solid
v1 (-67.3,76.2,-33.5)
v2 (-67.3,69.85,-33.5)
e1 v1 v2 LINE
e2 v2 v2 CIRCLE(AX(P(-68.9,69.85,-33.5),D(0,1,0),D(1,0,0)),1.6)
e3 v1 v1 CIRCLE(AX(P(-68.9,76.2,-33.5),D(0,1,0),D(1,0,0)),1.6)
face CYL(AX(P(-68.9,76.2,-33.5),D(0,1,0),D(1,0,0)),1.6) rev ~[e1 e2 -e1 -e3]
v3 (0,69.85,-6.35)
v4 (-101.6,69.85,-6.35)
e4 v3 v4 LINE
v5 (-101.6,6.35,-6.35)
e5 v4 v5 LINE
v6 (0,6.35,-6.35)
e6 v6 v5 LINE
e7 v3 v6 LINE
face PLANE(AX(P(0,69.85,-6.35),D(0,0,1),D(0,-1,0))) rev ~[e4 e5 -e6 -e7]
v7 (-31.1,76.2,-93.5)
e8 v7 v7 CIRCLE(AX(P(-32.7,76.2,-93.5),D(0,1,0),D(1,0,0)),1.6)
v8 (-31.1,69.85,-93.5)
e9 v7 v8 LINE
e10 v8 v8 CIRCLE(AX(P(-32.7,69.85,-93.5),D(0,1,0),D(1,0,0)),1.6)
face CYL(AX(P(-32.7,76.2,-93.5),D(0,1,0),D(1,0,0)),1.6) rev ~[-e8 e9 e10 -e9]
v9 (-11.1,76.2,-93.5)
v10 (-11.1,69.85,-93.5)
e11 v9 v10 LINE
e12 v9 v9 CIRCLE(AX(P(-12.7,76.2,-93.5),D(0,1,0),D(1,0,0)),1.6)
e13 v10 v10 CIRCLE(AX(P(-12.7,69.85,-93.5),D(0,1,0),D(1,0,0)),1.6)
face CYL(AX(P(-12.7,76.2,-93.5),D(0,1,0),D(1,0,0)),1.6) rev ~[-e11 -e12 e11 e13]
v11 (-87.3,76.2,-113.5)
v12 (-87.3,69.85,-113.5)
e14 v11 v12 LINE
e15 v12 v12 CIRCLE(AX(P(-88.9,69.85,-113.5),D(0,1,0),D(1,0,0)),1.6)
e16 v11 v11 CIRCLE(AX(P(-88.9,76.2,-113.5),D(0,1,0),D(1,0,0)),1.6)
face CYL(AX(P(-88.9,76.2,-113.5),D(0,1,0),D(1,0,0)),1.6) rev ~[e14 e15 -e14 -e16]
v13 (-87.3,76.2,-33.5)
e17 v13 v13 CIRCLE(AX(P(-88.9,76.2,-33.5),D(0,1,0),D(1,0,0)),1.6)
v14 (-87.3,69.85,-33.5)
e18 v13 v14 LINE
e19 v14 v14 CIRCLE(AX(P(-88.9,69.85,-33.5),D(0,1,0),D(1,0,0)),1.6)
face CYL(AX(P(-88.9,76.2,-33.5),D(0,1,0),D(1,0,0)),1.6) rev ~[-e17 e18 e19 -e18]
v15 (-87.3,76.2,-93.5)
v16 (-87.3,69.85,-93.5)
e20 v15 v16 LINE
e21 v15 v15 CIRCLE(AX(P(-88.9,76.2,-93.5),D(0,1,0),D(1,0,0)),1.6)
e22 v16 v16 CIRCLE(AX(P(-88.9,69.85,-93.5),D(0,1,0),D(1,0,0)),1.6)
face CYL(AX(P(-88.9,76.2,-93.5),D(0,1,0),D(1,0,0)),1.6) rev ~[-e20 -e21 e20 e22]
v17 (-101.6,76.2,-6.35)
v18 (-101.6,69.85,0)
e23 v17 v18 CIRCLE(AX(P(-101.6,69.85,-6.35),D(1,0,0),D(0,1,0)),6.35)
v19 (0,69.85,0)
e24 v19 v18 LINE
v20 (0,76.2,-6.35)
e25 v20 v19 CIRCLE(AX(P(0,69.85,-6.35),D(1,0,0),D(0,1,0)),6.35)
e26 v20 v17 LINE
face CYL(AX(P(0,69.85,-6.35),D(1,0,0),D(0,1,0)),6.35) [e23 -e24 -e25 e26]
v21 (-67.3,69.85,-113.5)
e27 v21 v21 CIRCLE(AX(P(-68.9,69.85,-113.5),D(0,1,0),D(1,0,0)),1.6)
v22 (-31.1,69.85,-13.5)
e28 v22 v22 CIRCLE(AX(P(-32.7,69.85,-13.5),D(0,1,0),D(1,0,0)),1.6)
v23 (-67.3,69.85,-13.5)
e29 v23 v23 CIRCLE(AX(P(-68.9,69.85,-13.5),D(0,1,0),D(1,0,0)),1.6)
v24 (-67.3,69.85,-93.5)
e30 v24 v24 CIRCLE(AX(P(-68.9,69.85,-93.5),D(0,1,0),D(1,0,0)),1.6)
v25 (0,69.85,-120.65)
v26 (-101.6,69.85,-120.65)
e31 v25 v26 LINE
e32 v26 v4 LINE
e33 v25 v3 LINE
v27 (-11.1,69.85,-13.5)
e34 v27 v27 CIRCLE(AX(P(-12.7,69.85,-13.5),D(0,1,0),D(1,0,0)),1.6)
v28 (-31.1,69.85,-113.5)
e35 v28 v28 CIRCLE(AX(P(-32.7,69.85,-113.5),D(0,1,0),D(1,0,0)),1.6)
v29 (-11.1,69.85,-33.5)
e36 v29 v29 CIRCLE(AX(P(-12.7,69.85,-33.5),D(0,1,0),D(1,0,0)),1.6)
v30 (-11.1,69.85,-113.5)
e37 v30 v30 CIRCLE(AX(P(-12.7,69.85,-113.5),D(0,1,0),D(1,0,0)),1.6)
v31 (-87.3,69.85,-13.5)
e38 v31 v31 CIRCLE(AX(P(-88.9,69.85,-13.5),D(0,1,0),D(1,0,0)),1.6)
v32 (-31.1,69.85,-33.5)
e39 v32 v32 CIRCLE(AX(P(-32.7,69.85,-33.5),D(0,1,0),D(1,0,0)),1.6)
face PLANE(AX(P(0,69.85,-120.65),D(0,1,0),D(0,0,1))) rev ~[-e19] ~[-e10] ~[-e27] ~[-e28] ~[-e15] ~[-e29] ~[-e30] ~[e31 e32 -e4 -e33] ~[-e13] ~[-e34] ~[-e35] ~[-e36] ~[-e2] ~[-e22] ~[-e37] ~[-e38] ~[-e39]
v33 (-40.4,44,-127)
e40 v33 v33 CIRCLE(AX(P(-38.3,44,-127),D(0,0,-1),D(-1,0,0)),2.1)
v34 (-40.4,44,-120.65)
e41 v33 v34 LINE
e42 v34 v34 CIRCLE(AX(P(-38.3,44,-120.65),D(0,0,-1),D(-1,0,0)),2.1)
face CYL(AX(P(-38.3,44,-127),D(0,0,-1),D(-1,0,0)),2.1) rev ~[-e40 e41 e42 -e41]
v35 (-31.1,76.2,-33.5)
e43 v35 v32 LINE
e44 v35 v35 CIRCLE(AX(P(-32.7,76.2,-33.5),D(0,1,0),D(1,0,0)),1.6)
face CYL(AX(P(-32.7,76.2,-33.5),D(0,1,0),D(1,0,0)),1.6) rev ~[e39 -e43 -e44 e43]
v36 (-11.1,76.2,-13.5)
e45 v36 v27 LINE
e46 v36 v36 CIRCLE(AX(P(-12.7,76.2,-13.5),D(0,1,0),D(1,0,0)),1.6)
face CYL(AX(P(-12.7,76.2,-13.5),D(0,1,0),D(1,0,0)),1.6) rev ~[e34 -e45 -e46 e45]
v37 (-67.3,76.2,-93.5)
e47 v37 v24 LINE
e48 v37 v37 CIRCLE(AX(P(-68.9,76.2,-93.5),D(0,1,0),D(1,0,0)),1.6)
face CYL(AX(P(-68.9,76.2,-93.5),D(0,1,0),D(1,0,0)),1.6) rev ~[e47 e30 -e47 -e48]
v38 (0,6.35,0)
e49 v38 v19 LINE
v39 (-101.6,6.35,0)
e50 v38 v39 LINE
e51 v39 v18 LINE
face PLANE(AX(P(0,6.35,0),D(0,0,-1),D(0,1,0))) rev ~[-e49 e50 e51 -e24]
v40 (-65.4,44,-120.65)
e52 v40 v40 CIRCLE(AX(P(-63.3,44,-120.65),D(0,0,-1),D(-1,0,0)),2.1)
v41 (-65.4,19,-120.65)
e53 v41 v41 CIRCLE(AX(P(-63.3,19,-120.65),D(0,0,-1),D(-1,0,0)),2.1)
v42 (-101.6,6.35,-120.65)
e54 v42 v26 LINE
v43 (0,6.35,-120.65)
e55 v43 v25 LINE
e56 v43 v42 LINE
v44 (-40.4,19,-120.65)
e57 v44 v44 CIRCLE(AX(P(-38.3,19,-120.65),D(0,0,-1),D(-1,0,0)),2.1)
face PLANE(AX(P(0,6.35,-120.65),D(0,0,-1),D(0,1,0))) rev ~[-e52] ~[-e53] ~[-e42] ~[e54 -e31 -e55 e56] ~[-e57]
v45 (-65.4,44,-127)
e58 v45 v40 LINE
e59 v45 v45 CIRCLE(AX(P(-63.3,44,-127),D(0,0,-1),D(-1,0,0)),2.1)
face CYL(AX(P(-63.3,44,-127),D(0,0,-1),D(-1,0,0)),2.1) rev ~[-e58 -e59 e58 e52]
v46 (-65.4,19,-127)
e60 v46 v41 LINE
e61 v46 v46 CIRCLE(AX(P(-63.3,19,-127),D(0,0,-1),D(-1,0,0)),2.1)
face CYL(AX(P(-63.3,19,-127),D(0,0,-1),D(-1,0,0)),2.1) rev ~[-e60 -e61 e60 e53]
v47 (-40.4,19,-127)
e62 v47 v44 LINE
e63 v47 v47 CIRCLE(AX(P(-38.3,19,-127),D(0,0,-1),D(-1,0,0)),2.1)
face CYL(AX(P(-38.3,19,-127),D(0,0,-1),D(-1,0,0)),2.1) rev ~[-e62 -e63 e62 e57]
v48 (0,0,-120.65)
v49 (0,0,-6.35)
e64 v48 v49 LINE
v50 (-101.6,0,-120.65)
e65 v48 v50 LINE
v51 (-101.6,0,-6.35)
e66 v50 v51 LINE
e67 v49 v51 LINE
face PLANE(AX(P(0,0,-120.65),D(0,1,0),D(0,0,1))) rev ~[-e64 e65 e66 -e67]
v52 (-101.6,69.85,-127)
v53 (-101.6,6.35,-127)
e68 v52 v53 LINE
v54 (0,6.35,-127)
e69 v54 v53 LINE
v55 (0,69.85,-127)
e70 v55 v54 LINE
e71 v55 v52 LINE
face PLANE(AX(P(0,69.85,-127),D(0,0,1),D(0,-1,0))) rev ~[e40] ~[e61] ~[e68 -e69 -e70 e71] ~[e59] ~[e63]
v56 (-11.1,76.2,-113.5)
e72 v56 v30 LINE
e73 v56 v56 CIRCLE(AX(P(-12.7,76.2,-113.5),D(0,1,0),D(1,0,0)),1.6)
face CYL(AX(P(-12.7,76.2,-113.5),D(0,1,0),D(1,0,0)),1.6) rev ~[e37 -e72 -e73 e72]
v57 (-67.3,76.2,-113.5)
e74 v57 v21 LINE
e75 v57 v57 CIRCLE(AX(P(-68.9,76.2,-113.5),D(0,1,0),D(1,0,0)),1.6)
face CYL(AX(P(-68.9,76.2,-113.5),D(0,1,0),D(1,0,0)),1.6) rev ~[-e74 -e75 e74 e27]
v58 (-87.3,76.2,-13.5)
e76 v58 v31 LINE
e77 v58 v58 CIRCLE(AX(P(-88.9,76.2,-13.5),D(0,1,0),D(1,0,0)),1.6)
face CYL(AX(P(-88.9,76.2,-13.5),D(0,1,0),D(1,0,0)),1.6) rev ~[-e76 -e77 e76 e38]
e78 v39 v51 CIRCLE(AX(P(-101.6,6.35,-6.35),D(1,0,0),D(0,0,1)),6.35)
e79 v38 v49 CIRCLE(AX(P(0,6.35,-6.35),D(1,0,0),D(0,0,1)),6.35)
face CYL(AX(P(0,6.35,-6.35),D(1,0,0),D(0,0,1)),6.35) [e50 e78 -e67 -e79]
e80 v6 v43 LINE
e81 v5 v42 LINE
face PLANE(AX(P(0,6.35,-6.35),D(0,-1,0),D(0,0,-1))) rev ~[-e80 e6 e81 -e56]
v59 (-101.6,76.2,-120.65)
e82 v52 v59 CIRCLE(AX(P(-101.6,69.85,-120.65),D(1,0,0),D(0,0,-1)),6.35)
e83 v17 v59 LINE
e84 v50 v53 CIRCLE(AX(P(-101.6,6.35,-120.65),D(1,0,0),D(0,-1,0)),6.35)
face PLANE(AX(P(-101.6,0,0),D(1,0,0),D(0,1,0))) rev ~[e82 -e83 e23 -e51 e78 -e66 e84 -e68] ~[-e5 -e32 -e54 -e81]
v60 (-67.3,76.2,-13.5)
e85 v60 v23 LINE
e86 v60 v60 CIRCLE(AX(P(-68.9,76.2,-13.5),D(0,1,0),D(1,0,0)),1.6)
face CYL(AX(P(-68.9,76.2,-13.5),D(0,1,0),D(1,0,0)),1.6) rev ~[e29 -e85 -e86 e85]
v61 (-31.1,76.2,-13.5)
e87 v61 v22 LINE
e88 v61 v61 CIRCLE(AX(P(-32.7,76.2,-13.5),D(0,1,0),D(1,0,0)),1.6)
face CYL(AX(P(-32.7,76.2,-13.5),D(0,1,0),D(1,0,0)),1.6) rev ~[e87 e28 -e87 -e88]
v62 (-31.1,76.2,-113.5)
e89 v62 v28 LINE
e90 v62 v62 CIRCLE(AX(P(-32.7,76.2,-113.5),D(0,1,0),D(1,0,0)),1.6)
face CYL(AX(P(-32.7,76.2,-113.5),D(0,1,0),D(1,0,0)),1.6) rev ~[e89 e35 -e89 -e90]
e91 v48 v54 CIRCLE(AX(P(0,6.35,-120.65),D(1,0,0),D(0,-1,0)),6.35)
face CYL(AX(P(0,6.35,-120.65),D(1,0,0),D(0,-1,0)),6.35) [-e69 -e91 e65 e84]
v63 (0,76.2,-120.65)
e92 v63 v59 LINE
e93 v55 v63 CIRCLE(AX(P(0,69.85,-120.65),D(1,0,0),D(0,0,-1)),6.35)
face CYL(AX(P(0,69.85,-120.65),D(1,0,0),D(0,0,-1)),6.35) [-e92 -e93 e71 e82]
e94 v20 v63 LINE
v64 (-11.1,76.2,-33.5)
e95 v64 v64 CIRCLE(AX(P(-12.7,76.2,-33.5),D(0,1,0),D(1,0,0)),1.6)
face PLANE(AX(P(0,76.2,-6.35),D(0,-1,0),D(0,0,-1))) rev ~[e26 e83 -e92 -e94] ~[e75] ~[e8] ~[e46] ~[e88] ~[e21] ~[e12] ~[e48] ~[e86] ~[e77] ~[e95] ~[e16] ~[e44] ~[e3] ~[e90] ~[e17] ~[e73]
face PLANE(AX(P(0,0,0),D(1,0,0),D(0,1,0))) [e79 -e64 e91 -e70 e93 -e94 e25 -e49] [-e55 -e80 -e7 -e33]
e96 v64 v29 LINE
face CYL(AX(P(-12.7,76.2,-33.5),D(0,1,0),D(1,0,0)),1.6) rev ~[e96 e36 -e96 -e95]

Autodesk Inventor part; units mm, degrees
ref_plane "YZ Plane" through (0, 0, 0) normal (1, 0, 0) x (0, 1, 0)
ref_plane "XZ Plane" through (0, 0, 0) normal (0, 1, 0) x (-1, 0, 0)
ref_plane "XY Plane" through (0, 0, 0) normal (0, 0, 1) x (1, 0, 0)
sketch "Sketch1" plane through (0, 0, 0) normal (1, 0, 0) x (0, 1, 0)
  line L0 (6.35, 0) -> (69.85, 0)
  line L1 (76.2, -6.35) -> (76.2, -120.65)
  line L2 (69.85, -127) -> (6.35, -127)
  line L3 (0, -120.65) -> (0, -6.35)
  arc A0 (76.2, -6.35) -> (69.85, 0) centre (69.85, -6.35) ccw
  arc A1 (69.85, -127) -> (76.2, -120.65) centre (69.85, -120.65) ccw
  arc A2 (0, -120.65) -> (6.35, -127) centre (6.35, -120.65) ccw
  arc A3 (6.35, 0) -> (0, -6.35) centre (6.35, -6.35) ccw
  line L4 (69.85, -120.65) -> (69.85, -6.35)
  line L5 (69.85, -6.35) -> (6.35, -6.35)
  line L6 (6.35, -6.35) -> (6.35, -120.65)
  line L7 (6.35, -120.65) -> (69.85, -120.65)
  point P0 (0, 0)
  point P1 (76.2, -127)
  point P2 (76.2, 0)
  point P3 (0, -127)
  dimension "d0" = 76.2
  dimension "d1" = 127
  dimension "d2" = 6.35
  dimension "d3" = 6.35
  dimension "d4" = 6.35
extrude "Extrusion1" add sketch "Sketch1" against normal blind 101.6
sketch "Sketch2" plane through (0, 76.2, -6.35) normal (0, 1, 0) x (1, 0, 0)
  line L0 (0, 0) -> (0, 114.3) construction
  line L1 (0, 57.15) -> (-101.6, 57.15) construction
  line L2 (-101.6, 114.3) -> (-101.6, 0) construction
  line L3 (0, 83.65) -> (-45.4, 83.65) construction
  line L4 (-45.4, 83.65) -> (-45.4, 110.65) construction
  line L5 (-45.4, 110.65) -> (0, 110.65) construction
  line L6 (0, 110.65) -> (0, 83.65) construction
  line L7 (-32.7, 107.15) -> (-12.7, 107.15) construction
  line L8 (-12.7, 107.15) -> (-12.7, 87.15) construction
  line L9 (-12.7, 87.15) -> (-32.7, 87.15) construction
  line L10 (-32.7, 87.15) -> (-32.7, 107.15) construction
  line L11 (-32.7, 107.15) -> (-32.7, 110.65) construction
  line L12 (-32.7, 107.15) -> (-45.4, 107.15) construction
  line L13 (-12.7, 87.15) -> (-12.7, 83.65) construction
  line L14 (-12.7, 87.15) -> (0, 87.15) construction
  circle A0 centre (-32.7, 107.15) radius 1.6
  circle A1 centre (-12.7, 107.15) radius 1.6
  circle A2 centre (-12.7, 87.15) radius 1.6
  circle A3 centre (-32.7, 87.15) radius 1.6
  line L15 (0, 114.3) -> (0, 0) construction
  line L16 (-50.8, 57.15) -> (-50.8, 128.3257) construction
  line L17 (-101.6, 83.65) -> (-56.2, 83.65) construction
  line L18 (-56.2, 83.65) -> (-56.2, 110.65) construction
  line L19 (-56.2, 110.65) -> (-101.6, 110.65) construction
  line L20 (-101.6, 110.65) -> (-101.6, 83.65) construction
  line L21 (-68.9, 107.15) -> (-88.9, 107.15) construction
  line L22 (-88.9, 107.15) -> (-88.9, 87.15) construction
  line L23 (-88.9, 87.15) -> (-68.9, 87.15) construction
  line L24 (-68.9, 87.15) -> (-68.9, 107.15) construction
  line L25 (-68.9, 107.15) -> (-68.9, 110.65) construction
  line L26 (-68.9, 107.15) -> (-56.2, 107.15) construction
  line L27 (-88.9, 87.15) -> (-88.9, 83.65) construction
  line L28 (-88.9, 87.15) -> (-101.6, 87.15) construction
  circle A4 centre (-68.9, 107.15) radius 1.6
  circle A5 centre (-88.9, 107.15) radius 1.6
  circle A6 centre (-88.9, 87.15) radius 1.6
  circle A7 centre (-68.9, 87.15) radius 1.6
  line L29 (0, 30.65) -> (-45.4, 30.65) construction
  line L30 (-45.4, 30.65) -> (-45.4, 3.65) construction
  line L31 (-45.4, 3.65) -> (0, 3.65) construction
  line L32 (0, 3.65) -> (0, 30.65) construction
  line L33 (-32.7, 7.15) -> (-12.7, 7.15) construction
  line L34 (-12.7, 7.15) -> (-12.7, 27.15) construction
  line L35 (-12.7, 27.15) -> (-32.7, 27.15) construction
  line L36 (-32.7, 27.15) -> (-32.7, 7.15) construction
  line L37 (-32.7, 7.15) -> (-32.7, 3.65) construction
  line L38 (-32.7, 7.15) -> (-45.4, 7.15) construction
  line L39 (-12.7, 27.15) -> (-12.7, 30.65) construction
  line L40 (-12.7, 27.15) -> (0, 27.15) construction
  circle A8 centre (-32.7, 7.15) radius 1.6
  circle A9 centre (-12.7, 7.15) radius 1.6
  circle A10 centre (-12.7, 27.15) radius 1.6
  circle A11 centre (-32.7, 27.15) radius 1.6
  line L41 (-68.9, 7.15) -> (-88.9, 7.15) construction
  line L42 (-88.9, 27.15) -> (-68.9, 27.15) construction
  line L43 (-88.9, 27.15) -> (-88.9, 30.65) construction
  line L44 (-88.9, 7.15) -> (-88.9, 27.15) construction
  circle A12 centre (-88.9, 27.15) radius 1.6
  circle A13 centre (-88.9, 7.15) radius 1.6
  line L45 (-101.6, 30.65) -> (-56.2, 30.65) construction
  line L46 (-101.6, 3.65) -> (-101.6, 30.65) construction
  line L47 (-88.9, 27.15) -> (-101.6, 27.15) construction
  line L48 (-56.2, 3.65) -> (-101.6, 3.65) construction
  line L49 (-68.9, 27.15) -> (-68.9, 7.15) construction
  line L50 (-68.9, 7.15) -> (-68.9, 3.65) construction
  circle A14 centre (-68.9, 7.15) radius 1.6
  circle A15 centre (-68.9, 27.15) radius 1.6
  line L51 (-56.2, 30.65) -> (-56.2, 3.65) construction
  line L52 (-68.9, 7.15) -> (-56.2, 7.15) construction
  point P0 (0, -6.35)
  dimension "d7" = 45.4
  dimension "d8" = 27
  dimension "d9" = 20
  dimension "d10" = 20
  dimension "d11" = 3.2
  dimension "d12" = 3.2
  dimension "d13" = 3.2
  dimension "d14" = 3.2
  dimension "d15" = 100
extrude "Extrusion2" cut sketch "Sketch2" against normal up to next
sketch "Sketch3" plane through (0, 6.35, -127) normal (0, 0, -1) x (-1, 0, 0)
  line L0 (38.3, 37.65) -> (63.3, 37.65) construction
  line L1 (63.3, 37.65) -> (63.3, 12.65) construction
  line L2 (63.3, 12.65) -> (38.3, 12.65) construction
  line L3 (38.3, 12.65) -> (38.3, 37.65) construction
  circle A0 centre (38.3, 37.65) radius 2.1
  circle A1 centre (63.3, 37.65) radius 2.1
  circle A2 centre (63.3, 12.65) radius 2.1
  circle A3 centre (38.3, 12.65) radius 2.1
  line L4 (0, -6.35) -> (101.6, -6.35) construction
  line L5 (38.3, 25.15) -> (0, 25.15) construction
  line L6 (0, 0) -> (0, 63.5) construction
  line L7 (63.3, 25.15) -> (101.6, 25.15) construction
  line L8 (101.6, 63.5) -> (101.6, 0) construction
  dimension "d18" = 25
  dimension "d19" = 25
  dimension "d20" = 4.2
  dimension "d21" = 4.2
  dimension "d22" = 4.2
  dimension "d23" = 4.2
  dimension "d24" = 19
extrude "Extrusion3" cut sketch "Sketch3" against normal up to next
equation "\"d12\" = d11"
equation "\"d13\" = d11"
equation "\"d14\" = d11"
equation "\"d16\" = d12"
equation "\"d21\" = d20"
equation "\"d22\" = d20"
equation "\"d23\" = d20"
properties part number "3in x 5in Steel Rectangular Tubing 4in long"
